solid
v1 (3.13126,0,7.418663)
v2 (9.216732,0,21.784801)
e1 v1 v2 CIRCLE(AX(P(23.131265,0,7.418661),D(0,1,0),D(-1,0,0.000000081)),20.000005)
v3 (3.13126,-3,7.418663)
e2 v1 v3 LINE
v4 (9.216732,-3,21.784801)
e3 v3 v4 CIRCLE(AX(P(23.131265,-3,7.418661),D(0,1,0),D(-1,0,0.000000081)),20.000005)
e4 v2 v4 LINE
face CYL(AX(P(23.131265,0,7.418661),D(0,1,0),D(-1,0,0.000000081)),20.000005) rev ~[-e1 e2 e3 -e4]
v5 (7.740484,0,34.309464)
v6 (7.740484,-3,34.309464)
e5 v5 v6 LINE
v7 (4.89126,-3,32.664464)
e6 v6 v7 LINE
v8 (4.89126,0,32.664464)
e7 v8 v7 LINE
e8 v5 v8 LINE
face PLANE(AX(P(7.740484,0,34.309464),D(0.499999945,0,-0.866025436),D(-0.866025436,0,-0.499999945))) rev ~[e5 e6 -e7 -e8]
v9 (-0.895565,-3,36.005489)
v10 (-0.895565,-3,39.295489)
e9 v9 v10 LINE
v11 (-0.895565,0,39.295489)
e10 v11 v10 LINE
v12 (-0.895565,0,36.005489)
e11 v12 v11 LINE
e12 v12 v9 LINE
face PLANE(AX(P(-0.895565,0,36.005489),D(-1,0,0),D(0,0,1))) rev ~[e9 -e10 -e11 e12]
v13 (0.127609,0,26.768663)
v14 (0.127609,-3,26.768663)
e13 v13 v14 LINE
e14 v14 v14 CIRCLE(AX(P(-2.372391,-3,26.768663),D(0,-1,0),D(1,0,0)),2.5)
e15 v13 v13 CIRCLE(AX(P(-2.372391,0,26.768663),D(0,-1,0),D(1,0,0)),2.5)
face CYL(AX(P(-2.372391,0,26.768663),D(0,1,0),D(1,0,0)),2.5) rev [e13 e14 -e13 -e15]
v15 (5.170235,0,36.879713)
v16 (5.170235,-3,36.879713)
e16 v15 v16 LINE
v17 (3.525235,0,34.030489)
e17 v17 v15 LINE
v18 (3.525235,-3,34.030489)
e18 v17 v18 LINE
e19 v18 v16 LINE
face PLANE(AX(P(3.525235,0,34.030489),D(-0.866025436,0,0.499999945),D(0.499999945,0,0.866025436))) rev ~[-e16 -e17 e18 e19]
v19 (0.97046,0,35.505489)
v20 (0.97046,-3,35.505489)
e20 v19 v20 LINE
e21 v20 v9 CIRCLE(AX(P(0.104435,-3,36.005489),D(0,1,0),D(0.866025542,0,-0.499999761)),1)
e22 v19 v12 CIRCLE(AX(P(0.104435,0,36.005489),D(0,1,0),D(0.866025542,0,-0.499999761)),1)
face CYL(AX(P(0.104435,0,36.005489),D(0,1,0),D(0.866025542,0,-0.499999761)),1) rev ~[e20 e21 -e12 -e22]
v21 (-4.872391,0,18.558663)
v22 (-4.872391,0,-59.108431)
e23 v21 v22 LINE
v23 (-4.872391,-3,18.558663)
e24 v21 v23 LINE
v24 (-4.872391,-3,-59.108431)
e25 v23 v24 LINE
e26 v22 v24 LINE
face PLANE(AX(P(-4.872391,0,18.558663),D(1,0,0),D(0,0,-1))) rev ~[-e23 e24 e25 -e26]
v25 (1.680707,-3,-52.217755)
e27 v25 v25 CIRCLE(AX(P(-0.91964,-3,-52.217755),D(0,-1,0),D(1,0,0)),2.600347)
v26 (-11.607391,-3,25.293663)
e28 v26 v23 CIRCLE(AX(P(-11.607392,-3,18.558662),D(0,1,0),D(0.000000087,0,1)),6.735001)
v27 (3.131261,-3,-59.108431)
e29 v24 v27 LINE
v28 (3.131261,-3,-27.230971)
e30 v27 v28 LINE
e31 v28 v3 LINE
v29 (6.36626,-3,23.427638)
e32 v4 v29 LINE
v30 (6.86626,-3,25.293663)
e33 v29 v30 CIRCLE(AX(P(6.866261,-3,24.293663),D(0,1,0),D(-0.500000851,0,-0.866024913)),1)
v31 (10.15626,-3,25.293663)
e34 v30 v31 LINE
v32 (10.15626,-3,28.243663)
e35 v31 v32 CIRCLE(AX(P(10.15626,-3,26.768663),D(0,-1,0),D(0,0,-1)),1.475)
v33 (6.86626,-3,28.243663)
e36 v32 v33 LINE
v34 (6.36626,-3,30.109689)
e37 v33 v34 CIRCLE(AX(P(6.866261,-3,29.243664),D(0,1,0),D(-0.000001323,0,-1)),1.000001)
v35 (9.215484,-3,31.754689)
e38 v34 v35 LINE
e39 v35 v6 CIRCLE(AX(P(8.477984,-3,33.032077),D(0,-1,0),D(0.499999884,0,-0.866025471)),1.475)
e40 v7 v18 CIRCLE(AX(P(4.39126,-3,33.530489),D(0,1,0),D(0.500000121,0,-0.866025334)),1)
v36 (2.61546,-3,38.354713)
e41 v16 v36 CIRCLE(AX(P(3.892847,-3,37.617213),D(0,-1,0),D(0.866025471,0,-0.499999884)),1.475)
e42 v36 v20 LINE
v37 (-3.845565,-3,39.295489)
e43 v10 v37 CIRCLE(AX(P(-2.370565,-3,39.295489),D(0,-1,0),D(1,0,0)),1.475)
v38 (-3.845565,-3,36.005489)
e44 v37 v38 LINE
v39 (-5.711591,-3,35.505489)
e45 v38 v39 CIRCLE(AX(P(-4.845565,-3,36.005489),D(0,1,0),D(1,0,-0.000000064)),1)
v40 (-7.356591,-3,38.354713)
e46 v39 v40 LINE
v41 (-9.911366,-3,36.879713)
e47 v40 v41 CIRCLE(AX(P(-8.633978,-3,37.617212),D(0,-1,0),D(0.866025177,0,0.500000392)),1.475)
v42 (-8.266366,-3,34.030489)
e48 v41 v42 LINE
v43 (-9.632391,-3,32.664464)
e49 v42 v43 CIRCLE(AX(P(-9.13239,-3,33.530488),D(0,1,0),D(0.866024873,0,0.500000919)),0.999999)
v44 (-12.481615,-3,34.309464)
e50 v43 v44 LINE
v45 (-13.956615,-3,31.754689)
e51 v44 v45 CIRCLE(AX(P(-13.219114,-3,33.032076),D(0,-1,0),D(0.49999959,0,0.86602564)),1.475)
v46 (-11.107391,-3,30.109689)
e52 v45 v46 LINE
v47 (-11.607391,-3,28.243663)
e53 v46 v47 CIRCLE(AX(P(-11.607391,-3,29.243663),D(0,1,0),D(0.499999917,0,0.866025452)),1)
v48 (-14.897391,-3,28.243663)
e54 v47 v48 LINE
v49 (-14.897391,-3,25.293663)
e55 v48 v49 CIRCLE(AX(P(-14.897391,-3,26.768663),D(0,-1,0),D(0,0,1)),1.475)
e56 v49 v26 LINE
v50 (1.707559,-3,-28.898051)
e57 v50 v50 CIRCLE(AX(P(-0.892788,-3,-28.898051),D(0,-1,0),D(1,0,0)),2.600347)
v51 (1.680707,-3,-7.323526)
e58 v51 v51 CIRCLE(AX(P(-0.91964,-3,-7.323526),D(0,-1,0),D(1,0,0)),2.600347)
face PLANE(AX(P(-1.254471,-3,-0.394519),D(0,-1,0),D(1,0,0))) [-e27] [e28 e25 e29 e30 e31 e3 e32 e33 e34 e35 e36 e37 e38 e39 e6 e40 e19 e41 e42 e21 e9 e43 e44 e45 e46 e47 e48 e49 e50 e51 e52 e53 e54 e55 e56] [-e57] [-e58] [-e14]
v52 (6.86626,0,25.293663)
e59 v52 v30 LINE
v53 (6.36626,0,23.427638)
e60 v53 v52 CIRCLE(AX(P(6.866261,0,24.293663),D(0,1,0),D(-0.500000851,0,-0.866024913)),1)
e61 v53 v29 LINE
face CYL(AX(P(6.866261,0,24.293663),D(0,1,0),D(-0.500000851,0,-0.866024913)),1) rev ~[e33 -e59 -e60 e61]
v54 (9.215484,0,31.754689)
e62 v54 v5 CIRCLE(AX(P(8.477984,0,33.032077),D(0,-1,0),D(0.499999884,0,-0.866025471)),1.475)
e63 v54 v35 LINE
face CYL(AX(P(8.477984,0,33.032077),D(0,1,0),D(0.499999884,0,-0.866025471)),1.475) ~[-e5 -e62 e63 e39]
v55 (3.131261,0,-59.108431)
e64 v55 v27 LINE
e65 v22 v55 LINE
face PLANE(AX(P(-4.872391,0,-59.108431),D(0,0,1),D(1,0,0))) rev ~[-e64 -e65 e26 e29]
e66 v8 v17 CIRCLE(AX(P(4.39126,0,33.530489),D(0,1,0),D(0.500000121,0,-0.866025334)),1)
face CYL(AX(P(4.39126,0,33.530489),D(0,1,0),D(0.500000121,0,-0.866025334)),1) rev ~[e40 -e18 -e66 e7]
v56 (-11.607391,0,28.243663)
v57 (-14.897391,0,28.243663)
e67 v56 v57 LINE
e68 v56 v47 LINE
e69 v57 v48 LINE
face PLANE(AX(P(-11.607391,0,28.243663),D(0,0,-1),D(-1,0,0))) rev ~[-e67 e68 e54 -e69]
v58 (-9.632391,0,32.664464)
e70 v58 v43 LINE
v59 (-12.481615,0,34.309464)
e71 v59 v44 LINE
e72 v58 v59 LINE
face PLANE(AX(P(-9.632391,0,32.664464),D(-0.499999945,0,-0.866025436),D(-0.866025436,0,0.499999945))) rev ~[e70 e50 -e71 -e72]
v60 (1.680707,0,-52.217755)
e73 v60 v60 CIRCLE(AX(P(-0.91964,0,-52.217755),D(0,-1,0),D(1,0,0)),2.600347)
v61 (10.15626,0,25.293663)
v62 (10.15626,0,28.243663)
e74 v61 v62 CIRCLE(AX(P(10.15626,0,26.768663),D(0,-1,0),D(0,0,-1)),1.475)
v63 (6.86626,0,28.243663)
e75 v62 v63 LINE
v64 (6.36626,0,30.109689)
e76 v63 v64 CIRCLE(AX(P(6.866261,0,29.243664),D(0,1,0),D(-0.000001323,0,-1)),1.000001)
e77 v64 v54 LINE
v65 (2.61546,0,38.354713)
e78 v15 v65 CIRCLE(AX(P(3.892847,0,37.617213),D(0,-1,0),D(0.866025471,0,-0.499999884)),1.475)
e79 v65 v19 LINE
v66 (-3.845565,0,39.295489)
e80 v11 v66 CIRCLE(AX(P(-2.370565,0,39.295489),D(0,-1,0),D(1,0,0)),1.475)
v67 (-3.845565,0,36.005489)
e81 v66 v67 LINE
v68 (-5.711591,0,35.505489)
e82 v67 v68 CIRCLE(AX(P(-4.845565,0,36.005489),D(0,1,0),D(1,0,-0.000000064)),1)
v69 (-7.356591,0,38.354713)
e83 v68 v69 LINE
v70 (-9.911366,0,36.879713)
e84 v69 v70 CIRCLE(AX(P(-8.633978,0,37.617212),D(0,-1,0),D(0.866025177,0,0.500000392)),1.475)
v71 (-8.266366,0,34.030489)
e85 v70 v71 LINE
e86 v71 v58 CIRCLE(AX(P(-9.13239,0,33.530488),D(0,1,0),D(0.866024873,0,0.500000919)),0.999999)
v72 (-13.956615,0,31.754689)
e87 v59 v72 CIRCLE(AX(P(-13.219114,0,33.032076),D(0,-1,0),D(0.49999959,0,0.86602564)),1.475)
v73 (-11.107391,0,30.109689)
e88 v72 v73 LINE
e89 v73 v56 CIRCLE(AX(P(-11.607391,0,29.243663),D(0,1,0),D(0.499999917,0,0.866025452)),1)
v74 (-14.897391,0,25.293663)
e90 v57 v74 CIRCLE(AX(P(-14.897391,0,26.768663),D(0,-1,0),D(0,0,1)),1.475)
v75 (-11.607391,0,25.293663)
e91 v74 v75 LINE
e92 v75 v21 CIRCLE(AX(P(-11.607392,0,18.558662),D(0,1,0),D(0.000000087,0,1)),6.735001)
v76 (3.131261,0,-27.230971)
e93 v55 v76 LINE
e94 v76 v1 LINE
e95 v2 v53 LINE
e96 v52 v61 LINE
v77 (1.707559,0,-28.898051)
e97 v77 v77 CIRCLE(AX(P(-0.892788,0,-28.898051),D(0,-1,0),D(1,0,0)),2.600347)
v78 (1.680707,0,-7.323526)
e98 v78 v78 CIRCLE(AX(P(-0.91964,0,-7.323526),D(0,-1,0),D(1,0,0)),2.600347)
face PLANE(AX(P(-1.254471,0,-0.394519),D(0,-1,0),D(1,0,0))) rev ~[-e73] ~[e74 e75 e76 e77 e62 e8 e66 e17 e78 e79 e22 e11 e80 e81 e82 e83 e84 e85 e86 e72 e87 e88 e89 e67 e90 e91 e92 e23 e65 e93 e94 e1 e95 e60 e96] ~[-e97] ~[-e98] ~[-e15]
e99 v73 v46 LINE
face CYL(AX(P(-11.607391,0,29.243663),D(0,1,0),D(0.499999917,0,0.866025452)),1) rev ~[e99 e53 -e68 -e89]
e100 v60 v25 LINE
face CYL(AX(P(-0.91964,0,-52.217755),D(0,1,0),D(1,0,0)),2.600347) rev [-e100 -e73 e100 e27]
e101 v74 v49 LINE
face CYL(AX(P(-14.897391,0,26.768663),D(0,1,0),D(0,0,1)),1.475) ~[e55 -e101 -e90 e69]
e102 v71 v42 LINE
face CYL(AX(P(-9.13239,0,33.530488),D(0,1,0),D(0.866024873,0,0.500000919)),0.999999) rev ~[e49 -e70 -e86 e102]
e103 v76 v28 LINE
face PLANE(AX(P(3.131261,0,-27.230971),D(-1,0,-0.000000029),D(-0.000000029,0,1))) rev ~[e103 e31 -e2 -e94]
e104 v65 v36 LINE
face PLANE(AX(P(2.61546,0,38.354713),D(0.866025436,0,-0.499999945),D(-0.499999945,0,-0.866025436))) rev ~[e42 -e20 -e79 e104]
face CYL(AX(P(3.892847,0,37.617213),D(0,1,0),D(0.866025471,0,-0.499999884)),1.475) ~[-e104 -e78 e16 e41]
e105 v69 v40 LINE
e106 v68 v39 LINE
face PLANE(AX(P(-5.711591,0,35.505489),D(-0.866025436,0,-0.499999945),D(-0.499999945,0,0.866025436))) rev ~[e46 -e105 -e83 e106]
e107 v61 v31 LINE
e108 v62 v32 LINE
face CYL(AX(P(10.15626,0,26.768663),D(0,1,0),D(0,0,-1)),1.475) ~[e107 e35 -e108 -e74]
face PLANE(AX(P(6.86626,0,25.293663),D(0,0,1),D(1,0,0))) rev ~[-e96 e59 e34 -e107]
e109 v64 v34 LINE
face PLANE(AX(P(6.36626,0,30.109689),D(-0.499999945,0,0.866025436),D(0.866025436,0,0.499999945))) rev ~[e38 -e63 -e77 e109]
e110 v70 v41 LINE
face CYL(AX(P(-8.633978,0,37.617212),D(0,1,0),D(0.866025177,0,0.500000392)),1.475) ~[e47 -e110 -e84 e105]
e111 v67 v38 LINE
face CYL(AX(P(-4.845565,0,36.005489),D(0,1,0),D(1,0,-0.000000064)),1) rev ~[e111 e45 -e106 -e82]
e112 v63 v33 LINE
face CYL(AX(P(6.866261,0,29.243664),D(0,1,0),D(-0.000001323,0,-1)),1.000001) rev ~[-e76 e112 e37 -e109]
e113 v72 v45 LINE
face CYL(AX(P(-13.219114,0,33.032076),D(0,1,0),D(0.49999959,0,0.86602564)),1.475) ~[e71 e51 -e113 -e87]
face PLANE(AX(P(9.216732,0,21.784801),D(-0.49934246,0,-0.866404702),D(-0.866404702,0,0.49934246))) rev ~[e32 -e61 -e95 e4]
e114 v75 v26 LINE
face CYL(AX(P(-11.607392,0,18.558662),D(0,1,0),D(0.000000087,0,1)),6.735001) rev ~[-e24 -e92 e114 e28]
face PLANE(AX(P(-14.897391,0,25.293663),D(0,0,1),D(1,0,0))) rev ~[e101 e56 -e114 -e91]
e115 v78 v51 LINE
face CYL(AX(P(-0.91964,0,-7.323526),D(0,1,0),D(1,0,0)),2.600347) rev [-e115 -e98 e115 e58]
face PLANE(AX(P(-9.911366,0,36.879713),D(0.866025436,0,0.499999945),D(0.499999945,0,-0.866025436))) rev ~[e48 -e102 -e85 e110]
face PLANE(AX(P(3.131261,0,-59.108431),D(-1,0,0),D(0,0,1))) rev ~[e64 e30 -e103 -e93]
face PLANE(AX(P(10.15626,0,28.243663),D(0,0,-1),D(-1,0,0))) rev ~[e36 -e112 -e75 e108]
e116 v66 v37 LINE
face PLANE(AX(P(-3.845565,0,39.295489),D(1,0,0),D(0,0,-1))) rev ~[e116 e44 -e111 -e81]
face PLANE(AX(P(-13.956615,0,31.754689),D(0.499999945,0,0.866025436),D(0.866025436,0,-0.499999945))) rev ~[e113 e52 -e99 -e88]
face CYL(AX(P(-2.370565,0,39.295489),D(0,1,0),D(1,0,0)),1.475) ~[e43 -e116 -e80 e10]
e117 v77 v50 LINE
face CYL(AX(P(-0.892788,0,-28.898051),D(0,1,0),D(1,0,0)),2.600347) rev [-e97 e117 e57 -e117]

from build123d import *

# Parameters (mm, degrees)
F0_R     = 2.600347
F0_R_2   = 2.5
F1_DEPTH = 3


with BuildPart() as f1:
    # F0 (on Front) → F1 (new body)
    with BuildSketch(Plane.XZ):
        with BuildLine():
            ThreePointArc((-11.107391, 30.109689), (-10.641465, 28.984844), (-11.607391, 28.243663))
            Line((-11.607391, 28.243663), (-14.897391, 28.243663))
            ThreePointArc((-14.897391, 28.243663), (-16.372391, 26.768663), (-14.897391, 25.293663))
            Line((-14.897391, 25.293663), (-11.607391, 25.293663))
            ThreePointArc((-11.607391, 25.293663), (-6.845027, 23.321027), (-4.872391, 18.558663))
            Line((-4.872391, 18.558663), (-4.872391, -27.230971))
            Line((-4.872391, -27.230971), (-4.872391, -59.108431))
            Line((-4.872391, -59.108431), (3.131261, -59.108431))
            Line((3.131261, -59.108431), (3.131261, -27.230971))
            Line((3.131261, -27.230971), (3.13126, 7.418663))
            ThreePointArc((3.13126, 7.418663), (4.715363, 15.219607), (9.216732, 21.784801))
            Line((9.216732, 21.784801), (6.36626, 23.427638))
            ThreePointArc((6.36626, 23.427638), (5.900335, 24.552482), (6.86626, 25.293663))
            Line((6.86626, 25.293663), (10.15626, 25.293663))
            ThreePointArc((10.15626, 25.293663), (11.63126, 26.768663), (10.15626, 28.243663))
            Line((10.15626, 28.243663), (6.86626, 28.243663))
            ThreePointArc((6.86626, 28.243663), (5.900335, 28.984844), (6.36626, 30.109689))
            Line((6.36626, 30.109689), (9.215484, 31.754689))
            ThreePointArc((9.215484, 31.754689), (9.755372, 33.769576), (7.740484, 34.309464))
            Line((7.740484, 34.309464), (4.89126, 32.664464))
            ThreePointArc((4.89126, 32.664464), (3.684154, 32.823382), (3.525235, 34.030489))
            Line((3.525235, 34.030489), (5.170235, 36.879713))
            ThreePointArc((5.170235, 36.879713), (4.630348, 38.8946), (2.61546, 38.354713))
            Line((2.61546, 38.354713), (0.97046, 35.505489))
            ThreePointArc((0.97046, 35.505489), (-0.154384, 35.039563), (-0.895565, 36.005489))
            Line((-0.895565, 36.005489), (-0.895565, 39.295489))
            ThreePointArc((-0.895565, 39.295489), (-2.370565, 40.770489), (-3.845565, 39.295489))
            Line((-3.845565, 39.295489), (-3.845565, 36.005489))
            ThreePointArc((-3.845565, 36.005489), (-4.586746, 35.039563), (-5.711591, 35.505489))
            Line((-5.711591, 35.505489), (-7.356591, 38.354713))
            ThreePointArc((-7.356591, 38.354713), (-9.371478, 38.8946), (-9.911366, 36.879713))
            Line((-9.911366, 36.879713), (-8.266366, 34.030489))
            ThreePointArc((-8.266366, 34.030489), (-8.425284, 32.823382), (-9.632391, 32.664464))
            Line((-9.632391, 32.664464), (-12.481615, 34.309464))
            ThreePointArc((-12.481615, 34.309464), (-14.496502, 33.769576), (-13.956615, 31.754689))
            Line((-13.956615, 31.754689), (-11.107391, 30.109689))
        make_face()
        with Locations((-0.91964, -52.217755)):
            Circle(F0_R, mode=Mode.SUBTRACT)
        with Locations((-0.892788, -28.898051)):
            Circle(F0_R, mode=Mode.SUBTRACT)
        with Locations((-2.372391, 26.768663)):
            Circle(F0_R_2, mode=Mode.SUBTRACT)
        with Locations((-0.91964, -7.323526)):
            Circle(F0_R, mode=Mode.SUBTRACT)
    extrude(amount=F1_DEPTH)


solid = f1.part
